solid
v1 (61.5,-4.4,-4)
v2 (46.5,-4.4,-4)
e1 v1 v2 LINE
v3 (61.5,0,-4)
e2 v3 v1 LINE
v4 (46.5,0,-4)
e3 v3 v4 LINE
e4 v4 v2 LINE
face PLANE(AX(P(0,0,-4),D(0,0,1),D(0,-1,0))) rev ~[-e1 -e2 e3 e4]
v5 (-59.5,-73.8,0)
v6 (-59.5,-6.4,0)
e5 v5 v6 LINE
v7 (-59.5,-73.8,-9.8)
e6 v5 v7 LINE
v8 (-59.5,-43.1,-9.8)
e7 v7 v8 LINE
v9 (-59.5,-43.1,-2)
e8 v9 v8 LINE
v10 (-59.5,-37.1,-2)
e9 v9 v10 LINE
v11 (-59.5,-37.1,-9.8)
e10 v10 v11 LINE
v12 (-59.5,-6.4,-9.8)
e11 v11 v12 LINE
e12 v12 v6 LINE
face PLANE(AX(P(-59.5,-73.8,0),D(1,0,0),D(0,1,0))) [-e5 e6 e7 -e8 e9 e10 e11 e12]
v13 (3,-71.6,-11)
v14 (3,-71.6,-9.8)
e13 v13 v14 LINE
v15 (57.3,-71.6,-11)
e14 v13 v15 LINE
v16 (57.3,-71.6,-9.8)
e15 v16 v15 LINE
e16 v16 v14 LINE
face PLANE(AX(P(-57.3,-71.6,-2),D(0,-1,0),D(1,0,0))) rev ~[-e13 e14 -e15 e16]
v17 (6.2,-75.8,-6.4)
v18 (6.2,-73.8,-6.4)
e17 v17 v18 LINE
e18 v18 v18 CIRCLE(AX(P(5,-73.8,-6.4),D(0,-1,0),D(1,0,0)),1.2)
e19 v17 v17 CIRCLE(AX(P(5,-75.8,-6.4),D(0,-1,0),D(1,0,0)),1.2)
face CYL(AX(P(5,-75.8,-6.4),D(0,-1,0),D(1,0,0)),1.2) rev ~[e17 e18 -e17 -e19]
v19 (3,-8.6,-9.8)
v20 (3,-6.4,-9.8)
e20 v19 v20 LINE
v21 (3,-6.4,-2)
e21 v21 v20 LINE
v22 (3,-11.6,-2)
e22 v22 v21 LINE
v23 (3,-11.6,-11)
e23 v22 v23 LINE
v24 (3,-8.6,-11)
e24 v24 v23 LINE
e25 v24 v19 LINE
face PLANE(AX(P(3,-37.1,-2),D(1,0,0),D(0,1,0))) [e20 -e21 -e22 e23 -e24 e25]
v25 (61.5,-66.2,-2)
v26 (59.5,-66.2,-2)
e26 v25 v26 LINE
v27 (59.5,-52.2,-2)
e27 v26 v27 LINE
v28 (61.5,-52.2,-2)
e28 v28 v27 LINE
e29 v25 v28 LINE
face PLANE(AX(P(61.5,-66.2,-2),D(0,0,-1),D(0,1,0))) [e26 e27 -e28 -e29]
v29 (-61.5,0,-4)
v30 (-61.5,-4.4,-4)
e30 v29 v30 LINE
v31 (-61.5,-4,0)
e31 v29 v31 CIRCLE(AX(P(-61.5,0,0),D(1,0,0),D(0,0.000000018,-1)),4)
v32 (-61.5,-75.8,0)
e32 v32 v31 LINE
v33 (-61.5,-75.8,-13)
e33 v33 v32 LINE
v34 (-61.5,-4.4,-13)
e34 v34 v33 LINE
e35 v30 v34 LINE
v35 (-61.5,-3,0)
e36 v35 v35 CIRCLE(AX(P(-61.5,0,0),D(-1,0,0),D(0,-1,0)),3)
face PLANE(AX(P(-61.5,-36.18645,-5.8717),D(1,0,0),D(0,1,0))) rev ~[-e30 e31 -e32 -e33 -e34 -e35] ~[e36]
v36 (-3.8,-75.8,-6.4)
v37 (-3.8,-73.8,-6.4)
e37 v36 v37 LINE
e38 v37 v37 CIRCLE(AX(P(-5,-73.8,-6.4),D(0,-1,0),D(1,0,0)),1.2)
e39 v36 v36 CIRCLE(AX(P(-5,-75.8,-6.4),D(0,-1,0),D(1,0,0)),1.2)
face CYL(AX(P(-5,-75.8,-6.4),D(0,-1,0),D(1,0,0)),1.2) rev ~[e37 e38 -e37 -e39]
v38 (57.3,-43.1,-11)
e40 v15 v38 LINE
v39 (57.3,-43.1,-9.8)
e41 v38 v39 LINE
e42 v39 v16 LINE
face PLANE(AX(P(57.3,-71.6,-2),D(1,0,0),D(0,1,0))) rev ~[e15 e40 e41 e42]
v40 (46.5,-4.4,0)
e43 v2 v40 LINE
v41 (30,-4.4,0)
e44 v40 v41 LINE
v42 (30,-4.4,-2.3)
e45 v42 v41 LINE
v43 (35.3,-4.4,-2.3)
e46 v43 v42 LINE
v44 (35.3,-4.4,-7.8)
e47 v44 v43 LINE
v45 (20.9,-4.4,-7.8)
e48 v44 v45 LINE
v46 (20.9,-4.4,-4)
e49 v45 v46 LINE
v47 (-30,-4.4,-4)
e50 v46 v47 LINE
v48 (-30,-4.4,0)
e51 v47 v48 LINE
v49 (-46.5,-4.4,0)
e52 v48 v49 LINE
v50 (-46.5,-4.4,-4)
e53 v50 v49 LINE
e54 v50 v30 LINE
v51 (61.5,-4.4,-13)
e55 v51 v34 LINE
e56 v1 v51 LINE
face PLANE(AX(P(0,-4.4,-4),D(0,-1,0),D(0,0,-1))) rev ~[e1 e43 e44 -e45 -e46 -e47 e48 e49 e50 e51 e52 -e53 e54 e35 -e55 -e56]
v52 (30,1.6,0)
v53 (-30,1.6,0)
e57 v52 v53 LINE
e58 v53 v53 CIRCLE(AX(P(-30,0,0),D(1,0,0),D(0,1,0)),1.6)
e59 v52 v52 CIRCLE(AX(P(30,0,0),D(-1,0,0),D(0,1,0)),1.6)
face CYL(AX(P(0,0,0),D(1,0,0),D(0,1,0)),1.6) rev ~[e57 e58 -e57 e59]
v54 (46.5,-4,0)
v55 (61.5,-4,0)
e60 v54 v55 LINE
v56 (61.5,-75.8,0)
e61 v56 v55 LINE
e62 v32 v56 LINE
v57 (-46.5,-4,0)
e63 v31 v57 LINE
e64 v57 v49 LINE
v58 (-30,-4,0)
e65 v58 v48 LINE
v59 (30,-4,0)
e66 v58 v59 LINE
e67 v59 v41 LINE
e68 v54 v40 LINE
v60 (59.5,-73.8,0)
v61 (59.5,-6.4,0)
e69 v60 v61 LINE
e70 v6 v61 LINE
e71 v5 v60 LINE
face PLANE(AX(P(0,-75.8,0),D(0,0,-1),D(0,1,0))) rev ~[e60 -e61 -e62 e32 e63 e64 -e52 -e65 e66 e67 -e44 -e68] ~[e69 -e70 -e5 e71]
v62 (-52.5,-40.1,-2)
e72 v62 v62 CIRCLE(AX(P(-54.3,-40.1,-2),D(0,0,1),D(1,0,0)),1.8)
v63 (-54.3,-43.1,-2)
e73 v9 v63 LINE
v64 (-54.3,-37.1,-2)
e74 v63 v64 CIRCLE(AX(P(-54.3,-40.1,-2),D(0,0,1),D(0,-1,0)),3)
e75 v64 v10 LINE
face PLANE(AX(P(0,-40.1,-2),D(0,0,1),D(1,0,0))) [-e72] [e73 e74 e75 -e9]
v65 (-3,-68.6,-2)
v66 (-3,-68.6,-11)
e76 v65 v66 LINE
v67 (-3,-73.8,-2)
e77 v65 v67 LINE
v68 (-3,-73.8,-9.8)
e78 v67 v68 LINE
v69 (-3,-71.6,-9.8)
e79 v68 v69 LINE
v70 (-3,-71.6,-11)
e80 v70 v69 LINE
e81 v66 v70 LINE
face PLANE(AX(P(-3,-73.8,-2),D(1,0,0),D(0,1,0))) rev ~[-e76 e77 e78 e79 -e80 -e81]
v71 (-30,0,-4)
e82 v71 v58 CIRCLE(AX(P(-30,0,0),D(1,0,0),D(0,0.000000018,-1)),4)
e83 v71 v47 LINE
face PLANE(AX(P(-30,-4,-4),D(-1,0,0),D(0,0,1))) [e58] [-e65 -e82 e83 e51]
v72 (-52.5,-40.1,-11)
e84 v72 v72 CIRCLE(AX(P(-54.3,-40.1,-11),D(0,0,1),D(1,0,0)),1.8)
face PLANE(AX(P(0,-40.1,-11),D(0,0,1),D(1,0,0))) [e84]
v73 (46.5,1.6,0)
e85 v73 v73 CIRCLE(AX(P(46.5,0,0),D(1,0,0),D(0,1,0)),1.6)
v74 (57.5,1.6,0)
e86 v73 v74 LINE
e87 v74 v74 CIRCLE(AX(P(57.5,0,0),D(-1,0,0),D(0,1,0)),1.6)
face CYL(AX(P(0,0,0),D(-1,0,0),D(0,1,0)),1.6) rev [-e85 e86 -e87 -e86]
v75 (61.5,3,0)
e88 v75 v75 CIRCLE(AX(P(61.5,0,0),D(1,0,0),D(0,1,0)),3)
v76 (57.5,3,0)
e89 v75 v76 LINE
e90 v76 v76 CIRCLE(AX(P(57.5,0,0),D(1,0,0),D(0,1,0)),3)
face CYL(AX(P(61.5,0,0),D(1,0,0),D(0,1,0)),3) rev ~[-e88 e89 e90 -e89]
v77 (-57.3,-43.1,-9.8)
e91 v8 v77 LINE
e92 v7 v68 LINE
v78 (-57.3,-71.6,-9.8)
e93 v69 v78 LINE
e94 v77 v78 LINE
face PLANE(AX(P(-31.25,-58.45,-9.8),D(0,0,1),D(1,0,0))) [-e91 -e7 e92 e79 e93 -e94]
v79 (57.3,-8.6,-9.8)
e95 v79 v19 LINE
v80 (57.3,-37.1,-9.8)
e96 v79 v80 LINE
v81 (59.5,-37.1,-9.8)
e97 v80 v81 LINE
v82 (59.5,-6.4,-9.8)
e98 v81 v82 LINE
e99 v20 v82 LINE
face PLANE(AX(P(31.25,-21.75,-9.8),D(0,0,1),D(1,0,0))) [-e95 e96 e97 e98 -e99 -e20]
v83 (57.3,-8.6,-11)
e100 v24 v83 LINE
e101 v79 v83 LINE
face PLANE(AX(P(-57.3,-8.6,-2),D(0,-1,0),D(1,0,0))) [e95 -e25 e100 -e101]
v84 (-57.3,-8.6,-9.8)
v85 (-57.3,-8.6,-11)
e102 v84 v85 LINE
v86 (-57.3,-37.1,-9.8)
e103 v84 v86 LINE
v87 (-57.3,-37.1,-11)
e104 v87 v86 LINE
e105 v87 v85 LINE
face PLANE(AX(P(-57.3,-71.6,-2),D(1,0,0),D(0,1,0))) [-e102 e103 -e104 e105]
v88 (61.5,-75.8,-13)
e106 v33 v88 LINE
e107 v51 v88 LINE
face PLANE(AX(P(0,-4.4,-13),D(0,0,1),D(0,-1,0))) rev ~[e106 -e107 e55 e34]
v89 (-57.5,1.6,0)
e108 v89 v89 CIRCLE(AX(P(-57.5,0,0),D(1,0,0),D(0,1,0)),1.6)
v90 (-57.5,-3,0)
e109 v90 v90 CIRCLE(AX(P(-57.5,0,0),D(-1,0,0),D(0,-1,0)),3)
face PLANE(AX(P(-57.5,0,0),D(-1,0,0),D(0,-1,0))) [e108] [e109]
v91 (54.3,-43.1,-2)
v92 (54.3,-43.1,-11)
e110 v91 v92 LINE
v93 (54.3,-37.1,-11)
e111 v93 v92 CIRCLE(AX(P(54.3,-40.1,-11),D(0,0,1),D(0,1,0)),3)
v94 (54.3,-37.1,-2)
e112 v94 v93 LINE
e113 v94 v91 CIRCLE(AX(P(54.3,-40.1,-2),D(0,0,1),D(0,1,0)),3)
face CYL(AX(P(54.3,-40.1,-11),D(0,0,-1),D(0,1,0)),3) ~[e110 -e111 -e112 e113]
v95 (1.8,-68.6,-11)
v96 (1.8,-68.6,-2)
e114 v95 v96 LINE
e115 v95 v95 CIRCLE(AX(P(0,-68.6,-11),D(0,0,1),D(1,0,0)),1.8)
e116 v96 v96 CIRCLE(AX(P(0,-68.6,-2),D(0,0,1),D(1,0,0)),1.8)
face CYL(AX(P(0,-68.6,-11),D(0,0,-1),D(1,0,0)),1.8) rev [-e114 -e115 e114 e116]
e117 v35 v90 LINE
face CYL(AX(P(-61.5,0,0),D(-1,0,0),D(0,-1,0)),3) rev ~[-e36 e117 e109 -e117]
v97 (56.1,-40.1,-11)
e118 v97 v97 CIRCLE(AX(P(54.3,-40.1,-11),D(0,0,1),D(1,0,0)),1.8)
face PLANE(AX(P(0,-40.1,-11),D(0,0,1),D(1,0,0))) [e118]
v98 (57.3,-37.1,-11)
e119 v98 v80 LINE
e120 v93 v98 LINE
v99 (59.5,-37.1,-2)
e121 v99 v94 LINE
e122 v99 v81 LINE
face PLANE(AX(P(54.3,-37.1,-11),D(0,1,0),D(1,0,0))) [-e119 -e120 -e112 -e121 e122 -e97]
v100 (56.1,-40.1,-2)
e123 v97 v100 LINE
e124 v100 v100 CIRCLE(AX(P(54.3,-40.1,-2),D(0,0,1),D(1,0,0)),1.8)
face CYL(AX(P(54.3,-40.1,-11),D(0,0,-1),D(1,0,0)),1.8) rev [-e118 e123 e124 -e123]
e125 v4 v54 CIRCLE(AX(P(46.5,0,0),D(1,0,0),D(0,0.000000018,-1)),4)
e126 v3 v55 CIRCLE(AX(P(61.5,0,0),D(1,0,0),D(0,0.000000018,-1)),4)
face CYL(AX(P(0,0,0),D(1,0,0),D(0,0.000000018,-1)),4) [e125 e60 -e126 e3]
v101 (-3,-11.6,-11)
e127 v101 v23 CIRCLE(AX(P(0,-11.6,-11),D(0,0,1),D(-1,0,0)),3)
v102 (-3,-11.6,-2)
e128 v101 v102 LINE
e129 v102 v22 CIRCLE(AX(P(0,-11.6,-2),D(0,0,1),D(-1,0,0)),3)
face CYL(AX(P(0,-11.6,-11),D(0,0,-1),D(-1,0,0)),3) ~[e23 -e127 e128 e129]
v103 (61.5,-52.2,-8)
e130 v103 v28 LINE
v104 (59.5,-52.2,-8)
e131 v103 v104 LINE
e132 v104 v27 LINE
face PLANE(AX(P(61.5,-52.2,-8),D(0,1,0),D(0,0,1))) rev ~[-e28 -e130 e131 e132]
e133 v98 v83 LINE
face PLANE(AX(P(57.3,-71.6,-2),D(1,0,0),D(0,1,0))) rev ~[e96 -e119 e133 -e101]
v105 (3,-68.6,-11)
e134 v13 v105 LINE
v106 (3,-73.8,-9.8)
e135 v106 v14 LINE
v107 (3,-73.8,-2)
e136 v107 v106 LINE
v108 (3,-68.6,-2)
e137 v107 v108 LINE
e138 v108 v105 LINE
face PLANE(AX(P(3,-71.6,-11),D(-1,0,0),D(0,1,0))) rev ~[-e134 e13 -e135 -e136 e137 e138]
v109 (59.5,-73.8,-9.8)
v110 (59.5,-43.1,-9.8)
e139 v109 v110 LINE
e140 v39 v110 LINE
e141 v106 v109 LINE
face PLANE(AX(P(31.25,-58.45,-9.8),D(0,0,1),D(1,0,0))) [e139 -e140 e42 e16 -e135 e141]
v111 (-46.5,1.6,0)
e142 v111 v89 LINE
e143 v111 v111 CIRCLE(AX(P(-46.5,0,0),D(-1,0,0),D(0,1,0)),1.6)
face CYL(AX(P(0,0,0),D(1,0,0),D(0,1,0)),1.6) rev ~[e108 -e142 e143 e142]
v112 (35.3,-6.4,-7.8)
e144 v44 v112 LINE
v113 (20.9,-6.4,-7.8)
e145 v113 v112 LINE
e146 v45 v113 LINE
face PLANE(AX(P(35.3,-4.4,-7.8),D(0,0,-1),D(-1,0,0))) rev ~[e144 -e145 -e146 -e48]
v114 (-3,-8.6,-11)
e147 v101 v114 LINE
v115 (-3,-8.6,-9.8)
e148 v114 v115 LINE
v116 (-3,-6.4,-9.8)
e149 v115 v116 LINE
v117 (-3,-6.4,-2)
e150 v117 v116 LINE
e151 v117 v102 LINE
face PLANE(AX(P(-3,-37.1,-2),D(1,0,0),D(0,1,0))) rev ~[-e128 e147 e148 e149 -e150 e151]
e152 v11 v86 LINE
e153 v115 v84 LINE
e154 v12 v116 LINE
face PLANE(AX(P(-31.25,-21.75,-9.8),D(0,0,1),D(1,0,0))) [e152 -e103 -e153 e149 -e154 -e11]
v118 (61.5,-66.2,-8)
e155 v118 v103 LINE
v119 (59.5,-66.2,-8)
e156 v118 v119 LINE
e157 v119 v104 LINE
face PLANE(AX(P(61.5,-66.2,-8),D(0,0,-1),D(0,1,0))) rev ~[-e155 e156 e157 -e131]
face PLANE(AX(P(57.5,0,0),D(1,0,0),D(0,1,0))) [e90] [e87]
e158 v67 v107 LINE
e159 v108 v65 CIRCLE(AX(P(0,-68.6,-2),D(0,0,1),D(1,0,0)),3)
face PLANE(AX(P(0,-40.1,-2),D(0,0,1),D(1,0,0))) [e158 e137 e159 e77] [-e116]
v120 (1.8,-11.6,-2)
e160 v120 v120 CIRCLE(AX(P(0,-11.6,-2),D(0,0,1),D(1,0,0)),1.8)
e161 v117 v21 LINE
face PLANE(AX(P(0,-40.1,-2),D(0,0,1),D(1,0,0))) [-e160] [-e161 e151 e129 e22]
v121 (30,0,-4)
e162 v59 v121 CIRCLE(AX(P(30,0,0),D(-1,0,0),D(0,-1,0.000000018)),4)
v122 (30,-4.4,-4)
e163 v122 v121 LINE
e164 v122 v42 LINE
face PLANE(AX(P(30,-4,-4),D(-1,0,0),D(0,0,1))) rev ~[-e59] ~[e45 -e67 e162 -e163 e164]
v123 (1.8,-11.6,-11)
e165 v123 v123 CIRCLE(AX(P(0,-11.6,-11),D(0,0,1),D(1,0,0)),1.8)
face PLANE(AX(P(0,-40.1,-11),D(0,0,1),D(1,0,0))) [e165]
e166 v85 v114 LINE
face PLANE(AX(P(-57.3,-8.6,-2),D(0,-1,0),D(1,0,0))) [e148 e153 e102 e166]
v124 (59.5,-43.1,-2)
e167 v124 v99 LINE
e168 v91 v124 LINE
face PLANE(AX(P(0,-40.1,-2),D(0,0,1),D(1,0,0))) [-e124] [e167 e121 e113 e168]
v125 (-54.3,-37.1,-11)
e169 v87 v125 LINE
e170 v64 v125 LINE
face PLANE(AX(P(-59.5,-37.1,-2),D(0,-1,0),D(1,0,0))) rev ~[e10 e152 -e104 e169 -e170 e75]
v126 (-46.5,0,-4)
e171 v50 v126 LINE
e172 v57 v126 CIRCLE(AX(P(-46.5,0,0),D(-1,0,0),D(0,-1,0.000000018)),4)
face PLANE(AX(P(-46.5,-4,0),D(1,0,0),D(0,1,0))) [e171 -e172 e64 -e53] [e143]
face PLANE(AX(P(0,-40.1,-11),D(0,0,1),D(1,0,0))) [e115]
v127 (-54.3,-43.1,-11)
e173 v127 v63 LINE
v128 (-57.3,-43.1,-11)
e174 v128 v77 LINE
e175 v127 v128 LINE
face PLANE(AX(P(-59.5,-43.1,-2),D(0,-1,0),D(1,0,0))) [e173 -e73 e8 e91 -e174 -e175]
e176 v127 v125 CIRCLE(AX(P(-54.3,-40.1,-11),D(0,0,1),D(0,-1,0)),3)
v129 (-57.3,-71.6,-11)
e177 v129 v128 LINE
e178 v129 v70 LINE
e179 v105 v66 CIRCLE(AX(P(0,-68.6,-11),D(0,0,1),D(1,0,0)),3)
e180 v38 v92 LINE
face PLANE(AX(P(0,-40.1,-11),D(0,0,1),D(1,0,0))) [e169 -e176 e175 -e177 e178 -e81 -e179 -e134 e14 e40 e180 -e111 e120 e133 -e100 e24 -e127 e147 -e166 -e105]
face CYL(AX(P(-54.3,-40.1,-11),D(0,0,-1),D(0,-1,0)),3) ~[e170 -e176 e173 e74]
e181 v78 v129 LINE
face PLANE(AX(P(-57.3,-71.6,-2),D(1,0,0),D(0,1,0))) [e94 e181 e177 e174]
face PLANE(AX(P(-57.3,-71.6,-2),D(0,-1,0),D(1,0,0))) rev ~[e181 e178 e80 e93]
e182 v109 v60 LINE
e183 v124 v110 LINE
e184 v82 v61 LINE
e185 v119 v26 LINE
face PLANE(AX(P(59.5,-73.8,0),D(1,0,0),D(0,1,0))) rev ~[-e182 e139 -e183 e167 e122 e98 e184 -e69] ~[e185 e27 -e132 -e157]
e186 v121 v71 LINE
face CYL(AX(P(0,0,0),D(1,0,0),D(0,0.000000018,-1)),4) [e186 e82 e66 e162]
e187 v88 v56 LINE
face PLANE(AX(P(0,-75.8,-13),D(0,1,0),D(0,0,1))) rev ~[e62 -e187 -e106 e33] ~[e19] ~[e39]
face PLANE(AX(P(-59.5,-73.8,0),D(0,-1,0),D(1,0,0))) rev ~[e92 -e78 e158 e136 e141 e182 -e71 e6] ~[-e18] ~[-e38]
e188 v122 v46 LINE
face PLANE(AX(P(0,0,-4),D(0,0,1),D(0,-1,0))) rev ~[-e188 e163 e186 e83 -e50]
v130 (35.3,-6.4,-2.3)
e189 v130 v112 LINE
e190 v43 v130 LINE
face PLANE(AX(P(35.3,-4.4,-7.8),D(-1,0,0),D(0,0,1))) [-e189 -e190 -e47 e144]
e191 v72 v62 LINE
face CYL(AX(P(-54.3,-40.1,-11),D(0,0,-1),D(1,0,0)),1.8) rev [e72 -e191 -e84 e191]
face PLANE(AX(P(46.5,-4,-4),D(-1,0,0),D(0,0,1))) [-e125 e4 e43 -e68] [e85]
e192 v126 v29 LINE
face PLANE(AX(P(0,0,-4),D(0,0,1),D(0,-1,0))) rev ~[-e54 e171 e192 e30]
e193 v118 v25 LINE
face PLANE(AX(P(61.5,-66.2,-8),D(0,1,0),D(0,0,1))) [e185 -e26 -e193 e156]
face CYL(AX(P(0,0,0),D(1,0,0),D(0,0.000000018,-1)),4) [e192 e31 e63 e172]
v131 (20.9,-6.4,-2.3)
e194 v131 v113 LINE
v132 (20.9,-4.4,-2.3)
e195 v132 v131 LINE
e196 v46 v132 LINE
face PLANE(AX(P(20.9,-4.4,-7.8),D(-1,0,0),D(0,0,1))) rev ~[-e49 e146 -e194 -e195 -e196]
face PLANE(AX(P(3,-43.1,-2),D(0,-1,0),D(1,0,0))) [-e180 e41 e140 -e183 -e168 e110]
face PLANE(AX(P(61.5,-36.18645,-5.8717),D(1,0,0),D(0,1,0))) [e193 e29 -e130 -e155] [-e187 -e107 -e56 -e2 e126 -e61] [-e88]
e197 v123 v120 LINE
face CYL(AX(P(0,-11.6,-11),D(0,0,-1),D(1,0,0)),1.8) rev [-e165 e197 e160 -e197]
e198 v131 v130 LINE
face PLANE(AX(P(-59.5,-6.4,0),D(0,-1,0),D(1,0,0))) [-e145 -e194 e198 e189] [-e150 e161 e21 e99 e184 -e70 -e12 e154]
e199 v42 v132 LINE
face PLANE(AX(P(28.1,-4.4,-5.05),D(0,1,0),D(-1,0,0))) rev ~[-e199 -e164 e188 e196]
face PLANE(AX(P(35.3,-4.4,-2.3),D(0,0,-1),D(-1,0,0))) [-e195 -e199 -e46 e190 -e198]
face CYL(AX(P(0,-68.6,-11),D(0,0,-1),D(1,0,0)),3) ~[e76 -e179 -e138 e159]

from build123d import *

# Parameters (mm, degrees)
SKETCH036_R       = 1.6
PAD001_DEPTH      = 61.5
PAD001_DEPTH_BACK = 61.5
SKETCH037_W       = 16.5
SKETCH037_H       = 8
POCKET_DEPTH      = 4
POCKET_DEPTH_BACK = 4
SKETCH044_W       = 119
SKETCH044_H       = 67.4
POCKET007_DEPTH   = 2
SKETCH045_W       = 114.6
SKETCH045_H       = 63
POCKET008_DEPTH   = 9
SKETCH046_R       = 1.8
PAD002_DEPTH      = 9
SKETCH047_W       = 56.5
SKETCH047_H       = 30.7
POCKET009_DEPTH   = 7.8
SKETCH048_R       = 1.2
POCKET010_DEPTH   = 2
SKETCH052_W       = 16.5
SKETCH052_H       = 4
POCKET014_DEPTH   = 0.4
SKETCH053_W       = 14.4
SKETCH053_H       = 5.5
POCKET015_DEPTH   = 2.2
SKETCH054_W       = 14
SKETCH054_H       = 6
POCKET016_DEPTH   = 2
SKETCH055_R       = 3
POCKET017_DEPTH   = 4
SKETCH056_R       = 3
POCKET018_DEPTH   = 4


with BuildPart() as part:
    # Sketch036 (on Face1 of Binder001) → Pad001 (new body, two sides)
    with BuildSketch(Plane.YZ) as pad001_sk:
        with BuildLine():
            ThreePointArc((0, -4), (2.828427, 2.828427), (-4, 0))
            Line((-75.8, 0), (-4, 0))
            Line((-75.8, -13), (-75.8, 0))
            Line((-4.4, -13), (-75.8, -13))
            Line((-4.4, -4), (-4.4, -13))
            Line((0, -4), (-4.4, -4))
        make_face()
        Circle(SKETCH036_R, mode=Mode.SUBTRACT)
    extrude(amount=PAD001_DEPTH)
    extrude(pad001_sk.sketch, amount=-PAD001_DEPTH_BACK)

    # Sketch037 → Pocket (cut, two sides)
    with BuildSketch(Plane.XY) as pocket_sk:
        with Locations((-38.25, 0)):
            Rectangle(SKETCH037_W, SKETCH037_H)
        with Locations((38.25, 0)):
            Rectangle(SKETCH037_W, SKETCH037_H)
    extrude(amount=-POCKET_DEPTH, mode=Mode.SUBTRACT)
    extrude(pocket_sk.sketch, amount=POCKET_DEPTH_BACK, mode=Mode.SUBTRACT)

    # Sketch044 → Pocket007 (cut)
    with BuildSketch(Plane.XY):
        with Locations((0, -40.1)):
            Rectangle(SKETCH044_W, SKETCH044_H)
    extrude(amount=-POCKET007_DEPTH, mode=Mode.SUBTRACT)

    # Sketch045 (on Face23 of Pocket007) → Pocket008 (cut)
    with BuildSketch(Plane.XY.offset(-2)):
        with Locations((0, -40.1)):
            Rectangle(SKETCH045_W, SKETCH045_H)
    extrude(amount=-POCKET008_DEPTH, mode=Mode.SUBTRACT)

    # Sketch046 (on Face29 of Pocket008) → Pad002 (join)
    with BuildSketch(Plane.XY.offset(-11)):
        with BuildLine():
            ThreePointArc((-54.3, -43.1), (-51.3, -40.1), (-54.3, -37.1))
            Line((-57.3, -37.1), (-54.3, -37.1))
            Line((-57.3, -43.1), (-57.3, -37.1))
            Line((-54.3, -43.1), (-57.3, -43.1))
        make_face()
        with Locations((-54.3, -40.1)):
            Circle(SKETCH046_R, mode=Mode.SUBTRACT)
        with BuildLine():
            ThreePointArc((-3, -11.6), (0, -14.6), (3, -11.6))
            Line((3, -8.6), (3, -11.6))
            Line((-3, -8.6), (3, -8.6))
            Line((-3, -11.6), (-3, -8.6))
        make_face()
        with Locations((0, -11.6)):
            Circle(SKETCH046_R, mode=Mode.SUBTRACT)
        with BuildLine():
            ThreePointArc((54.3, -37.1), (51.3, -40.1), (54.3, -43.1))
            Line((57.3, -43.1), (54.3, -43.1))
            Line((57.3, -37.1), (57.3, -43.1))
            Line((54.3, -37.1), (57.3, -37.1))
        make_face()
        with Locations((54.3, -40.1)):
            Circle(SKETCH046_R, mode=Mode.SUBTRACT)
        with BuildLine():
            ThreePointArc((3, -68.6), (0, -65.6), (-3, -68.6))
            Line((-3, -68.6), (-3, -71.6))
            Line((-3, -71.6), (3, -71.6))
            Line((3, -71.6), (3, -68.6))
        make_face()
        with Locations((0, -68.6)):
            Circle(SKETCH046_R, mode=Mode.SUBTRACT)
    extrude(amount=PAD002_DEPTH)

    # Sketch047 (on Face24 of Pad002) → Pocket009 (cut)
    with BuildSketch(Plane.XY.offset(-2)):
        with Locations((-31.25, -21.75)):
            Rectangle(SKETCH047_W, SKETCH047_H)
        with Locations((31.25, -21.75)):
            Rectangle(SKETCH047_W, SKETCH047_H)
        with Locations((31.25, -58.45)):
            Rectangle(SKETCH047_W, SKETCH047_H)
        with Locations((-31.25, -58.45)):
            Rectangle(SKETCH047_W, SKETCH047_H)
    extrude(amount=-POCKET009_DEPTH, mode=Mode.SUBTRACT)

    # Sketch048 (on Face6 of Pocket009) → Pocket010 (cut)
    with BuildSketch(Plane.XZ.offset(75.8)):
        with Locations((-5, -6.4)):
            Circle(SKETCH048_R)
        with Locations((5, -6.4)):
            Circle(SKETCH048_R)
    extrude(amount=-POCKET010_DEPTH, mode=Mode.SUBTRACT)

    # Sketch052 (on Face13 of Pocket010) → Pocket014 (cut)
    with BuildSketch(Plane(origin=(0, -4, 0), x_dir=(-1, 0, 0), z_dir=(0, 1, 0))):
        with Locations((38.25, -2)):
            Rectangle(SKETCH052_W, SKETCH052_H)
        with Locations((-38.25, -2)):
            Rectangle(SKETCH052_W, SKETCH052_H)
    extrude(amount=-POCKET014_DEPTH, mode=Mode.SUBTRACT)

    # Sketch053 (on Face58 of Pocket014) → Pocket015 (cut)
    with BuildSketch(Plane(origin=(0, -4.4, 0), x_dir=(-1, 0, 0), z_dir=(0, 1, 0))):
        with Locations((-28.1, -5.05)):
            Rectangle(SKETCH053_W, SKETCH053_H)
    extrude(amount=-POCKET015_DEPTH, mode=Mode.SUBTRACT)

    # Sketch054 (on Face15 of Pocket015) → Pocket016 (cut)
    with BuildSketch(Plane.YZ.offset(61.5)):
        with Locations((-59.2, -5)):
            Rectangle(SKETCH054_W, SKETCH054_H)
    extrude(amount=-POCKET016_DEPTH, mode=Mode.SUBTRACT)

    # Sketch055 (on Face15 of Pocket016) → Pocket017 (cut)
    with BuildSketch(Plane.YZ.offset(61.5)):
        Circle(SKETCH055_R)
    extrude(amount=-POCKET017_DEPTH, mode=Mode.SUBTRACT)

    # Sketch056 (on Face2 of Pocket017) → Pocket018 (cut)
    with BuildSketch(Plane(origin=(-61.5, 0, 0), x_dir=(0, -1, 0), z_dir=(-1, 0, 0))):
        Circle(SKETCH056_R)
    extrude(amount=-POCKET018_DEPTH, mode=Mode.SUBTRACT)


solid = part.part
